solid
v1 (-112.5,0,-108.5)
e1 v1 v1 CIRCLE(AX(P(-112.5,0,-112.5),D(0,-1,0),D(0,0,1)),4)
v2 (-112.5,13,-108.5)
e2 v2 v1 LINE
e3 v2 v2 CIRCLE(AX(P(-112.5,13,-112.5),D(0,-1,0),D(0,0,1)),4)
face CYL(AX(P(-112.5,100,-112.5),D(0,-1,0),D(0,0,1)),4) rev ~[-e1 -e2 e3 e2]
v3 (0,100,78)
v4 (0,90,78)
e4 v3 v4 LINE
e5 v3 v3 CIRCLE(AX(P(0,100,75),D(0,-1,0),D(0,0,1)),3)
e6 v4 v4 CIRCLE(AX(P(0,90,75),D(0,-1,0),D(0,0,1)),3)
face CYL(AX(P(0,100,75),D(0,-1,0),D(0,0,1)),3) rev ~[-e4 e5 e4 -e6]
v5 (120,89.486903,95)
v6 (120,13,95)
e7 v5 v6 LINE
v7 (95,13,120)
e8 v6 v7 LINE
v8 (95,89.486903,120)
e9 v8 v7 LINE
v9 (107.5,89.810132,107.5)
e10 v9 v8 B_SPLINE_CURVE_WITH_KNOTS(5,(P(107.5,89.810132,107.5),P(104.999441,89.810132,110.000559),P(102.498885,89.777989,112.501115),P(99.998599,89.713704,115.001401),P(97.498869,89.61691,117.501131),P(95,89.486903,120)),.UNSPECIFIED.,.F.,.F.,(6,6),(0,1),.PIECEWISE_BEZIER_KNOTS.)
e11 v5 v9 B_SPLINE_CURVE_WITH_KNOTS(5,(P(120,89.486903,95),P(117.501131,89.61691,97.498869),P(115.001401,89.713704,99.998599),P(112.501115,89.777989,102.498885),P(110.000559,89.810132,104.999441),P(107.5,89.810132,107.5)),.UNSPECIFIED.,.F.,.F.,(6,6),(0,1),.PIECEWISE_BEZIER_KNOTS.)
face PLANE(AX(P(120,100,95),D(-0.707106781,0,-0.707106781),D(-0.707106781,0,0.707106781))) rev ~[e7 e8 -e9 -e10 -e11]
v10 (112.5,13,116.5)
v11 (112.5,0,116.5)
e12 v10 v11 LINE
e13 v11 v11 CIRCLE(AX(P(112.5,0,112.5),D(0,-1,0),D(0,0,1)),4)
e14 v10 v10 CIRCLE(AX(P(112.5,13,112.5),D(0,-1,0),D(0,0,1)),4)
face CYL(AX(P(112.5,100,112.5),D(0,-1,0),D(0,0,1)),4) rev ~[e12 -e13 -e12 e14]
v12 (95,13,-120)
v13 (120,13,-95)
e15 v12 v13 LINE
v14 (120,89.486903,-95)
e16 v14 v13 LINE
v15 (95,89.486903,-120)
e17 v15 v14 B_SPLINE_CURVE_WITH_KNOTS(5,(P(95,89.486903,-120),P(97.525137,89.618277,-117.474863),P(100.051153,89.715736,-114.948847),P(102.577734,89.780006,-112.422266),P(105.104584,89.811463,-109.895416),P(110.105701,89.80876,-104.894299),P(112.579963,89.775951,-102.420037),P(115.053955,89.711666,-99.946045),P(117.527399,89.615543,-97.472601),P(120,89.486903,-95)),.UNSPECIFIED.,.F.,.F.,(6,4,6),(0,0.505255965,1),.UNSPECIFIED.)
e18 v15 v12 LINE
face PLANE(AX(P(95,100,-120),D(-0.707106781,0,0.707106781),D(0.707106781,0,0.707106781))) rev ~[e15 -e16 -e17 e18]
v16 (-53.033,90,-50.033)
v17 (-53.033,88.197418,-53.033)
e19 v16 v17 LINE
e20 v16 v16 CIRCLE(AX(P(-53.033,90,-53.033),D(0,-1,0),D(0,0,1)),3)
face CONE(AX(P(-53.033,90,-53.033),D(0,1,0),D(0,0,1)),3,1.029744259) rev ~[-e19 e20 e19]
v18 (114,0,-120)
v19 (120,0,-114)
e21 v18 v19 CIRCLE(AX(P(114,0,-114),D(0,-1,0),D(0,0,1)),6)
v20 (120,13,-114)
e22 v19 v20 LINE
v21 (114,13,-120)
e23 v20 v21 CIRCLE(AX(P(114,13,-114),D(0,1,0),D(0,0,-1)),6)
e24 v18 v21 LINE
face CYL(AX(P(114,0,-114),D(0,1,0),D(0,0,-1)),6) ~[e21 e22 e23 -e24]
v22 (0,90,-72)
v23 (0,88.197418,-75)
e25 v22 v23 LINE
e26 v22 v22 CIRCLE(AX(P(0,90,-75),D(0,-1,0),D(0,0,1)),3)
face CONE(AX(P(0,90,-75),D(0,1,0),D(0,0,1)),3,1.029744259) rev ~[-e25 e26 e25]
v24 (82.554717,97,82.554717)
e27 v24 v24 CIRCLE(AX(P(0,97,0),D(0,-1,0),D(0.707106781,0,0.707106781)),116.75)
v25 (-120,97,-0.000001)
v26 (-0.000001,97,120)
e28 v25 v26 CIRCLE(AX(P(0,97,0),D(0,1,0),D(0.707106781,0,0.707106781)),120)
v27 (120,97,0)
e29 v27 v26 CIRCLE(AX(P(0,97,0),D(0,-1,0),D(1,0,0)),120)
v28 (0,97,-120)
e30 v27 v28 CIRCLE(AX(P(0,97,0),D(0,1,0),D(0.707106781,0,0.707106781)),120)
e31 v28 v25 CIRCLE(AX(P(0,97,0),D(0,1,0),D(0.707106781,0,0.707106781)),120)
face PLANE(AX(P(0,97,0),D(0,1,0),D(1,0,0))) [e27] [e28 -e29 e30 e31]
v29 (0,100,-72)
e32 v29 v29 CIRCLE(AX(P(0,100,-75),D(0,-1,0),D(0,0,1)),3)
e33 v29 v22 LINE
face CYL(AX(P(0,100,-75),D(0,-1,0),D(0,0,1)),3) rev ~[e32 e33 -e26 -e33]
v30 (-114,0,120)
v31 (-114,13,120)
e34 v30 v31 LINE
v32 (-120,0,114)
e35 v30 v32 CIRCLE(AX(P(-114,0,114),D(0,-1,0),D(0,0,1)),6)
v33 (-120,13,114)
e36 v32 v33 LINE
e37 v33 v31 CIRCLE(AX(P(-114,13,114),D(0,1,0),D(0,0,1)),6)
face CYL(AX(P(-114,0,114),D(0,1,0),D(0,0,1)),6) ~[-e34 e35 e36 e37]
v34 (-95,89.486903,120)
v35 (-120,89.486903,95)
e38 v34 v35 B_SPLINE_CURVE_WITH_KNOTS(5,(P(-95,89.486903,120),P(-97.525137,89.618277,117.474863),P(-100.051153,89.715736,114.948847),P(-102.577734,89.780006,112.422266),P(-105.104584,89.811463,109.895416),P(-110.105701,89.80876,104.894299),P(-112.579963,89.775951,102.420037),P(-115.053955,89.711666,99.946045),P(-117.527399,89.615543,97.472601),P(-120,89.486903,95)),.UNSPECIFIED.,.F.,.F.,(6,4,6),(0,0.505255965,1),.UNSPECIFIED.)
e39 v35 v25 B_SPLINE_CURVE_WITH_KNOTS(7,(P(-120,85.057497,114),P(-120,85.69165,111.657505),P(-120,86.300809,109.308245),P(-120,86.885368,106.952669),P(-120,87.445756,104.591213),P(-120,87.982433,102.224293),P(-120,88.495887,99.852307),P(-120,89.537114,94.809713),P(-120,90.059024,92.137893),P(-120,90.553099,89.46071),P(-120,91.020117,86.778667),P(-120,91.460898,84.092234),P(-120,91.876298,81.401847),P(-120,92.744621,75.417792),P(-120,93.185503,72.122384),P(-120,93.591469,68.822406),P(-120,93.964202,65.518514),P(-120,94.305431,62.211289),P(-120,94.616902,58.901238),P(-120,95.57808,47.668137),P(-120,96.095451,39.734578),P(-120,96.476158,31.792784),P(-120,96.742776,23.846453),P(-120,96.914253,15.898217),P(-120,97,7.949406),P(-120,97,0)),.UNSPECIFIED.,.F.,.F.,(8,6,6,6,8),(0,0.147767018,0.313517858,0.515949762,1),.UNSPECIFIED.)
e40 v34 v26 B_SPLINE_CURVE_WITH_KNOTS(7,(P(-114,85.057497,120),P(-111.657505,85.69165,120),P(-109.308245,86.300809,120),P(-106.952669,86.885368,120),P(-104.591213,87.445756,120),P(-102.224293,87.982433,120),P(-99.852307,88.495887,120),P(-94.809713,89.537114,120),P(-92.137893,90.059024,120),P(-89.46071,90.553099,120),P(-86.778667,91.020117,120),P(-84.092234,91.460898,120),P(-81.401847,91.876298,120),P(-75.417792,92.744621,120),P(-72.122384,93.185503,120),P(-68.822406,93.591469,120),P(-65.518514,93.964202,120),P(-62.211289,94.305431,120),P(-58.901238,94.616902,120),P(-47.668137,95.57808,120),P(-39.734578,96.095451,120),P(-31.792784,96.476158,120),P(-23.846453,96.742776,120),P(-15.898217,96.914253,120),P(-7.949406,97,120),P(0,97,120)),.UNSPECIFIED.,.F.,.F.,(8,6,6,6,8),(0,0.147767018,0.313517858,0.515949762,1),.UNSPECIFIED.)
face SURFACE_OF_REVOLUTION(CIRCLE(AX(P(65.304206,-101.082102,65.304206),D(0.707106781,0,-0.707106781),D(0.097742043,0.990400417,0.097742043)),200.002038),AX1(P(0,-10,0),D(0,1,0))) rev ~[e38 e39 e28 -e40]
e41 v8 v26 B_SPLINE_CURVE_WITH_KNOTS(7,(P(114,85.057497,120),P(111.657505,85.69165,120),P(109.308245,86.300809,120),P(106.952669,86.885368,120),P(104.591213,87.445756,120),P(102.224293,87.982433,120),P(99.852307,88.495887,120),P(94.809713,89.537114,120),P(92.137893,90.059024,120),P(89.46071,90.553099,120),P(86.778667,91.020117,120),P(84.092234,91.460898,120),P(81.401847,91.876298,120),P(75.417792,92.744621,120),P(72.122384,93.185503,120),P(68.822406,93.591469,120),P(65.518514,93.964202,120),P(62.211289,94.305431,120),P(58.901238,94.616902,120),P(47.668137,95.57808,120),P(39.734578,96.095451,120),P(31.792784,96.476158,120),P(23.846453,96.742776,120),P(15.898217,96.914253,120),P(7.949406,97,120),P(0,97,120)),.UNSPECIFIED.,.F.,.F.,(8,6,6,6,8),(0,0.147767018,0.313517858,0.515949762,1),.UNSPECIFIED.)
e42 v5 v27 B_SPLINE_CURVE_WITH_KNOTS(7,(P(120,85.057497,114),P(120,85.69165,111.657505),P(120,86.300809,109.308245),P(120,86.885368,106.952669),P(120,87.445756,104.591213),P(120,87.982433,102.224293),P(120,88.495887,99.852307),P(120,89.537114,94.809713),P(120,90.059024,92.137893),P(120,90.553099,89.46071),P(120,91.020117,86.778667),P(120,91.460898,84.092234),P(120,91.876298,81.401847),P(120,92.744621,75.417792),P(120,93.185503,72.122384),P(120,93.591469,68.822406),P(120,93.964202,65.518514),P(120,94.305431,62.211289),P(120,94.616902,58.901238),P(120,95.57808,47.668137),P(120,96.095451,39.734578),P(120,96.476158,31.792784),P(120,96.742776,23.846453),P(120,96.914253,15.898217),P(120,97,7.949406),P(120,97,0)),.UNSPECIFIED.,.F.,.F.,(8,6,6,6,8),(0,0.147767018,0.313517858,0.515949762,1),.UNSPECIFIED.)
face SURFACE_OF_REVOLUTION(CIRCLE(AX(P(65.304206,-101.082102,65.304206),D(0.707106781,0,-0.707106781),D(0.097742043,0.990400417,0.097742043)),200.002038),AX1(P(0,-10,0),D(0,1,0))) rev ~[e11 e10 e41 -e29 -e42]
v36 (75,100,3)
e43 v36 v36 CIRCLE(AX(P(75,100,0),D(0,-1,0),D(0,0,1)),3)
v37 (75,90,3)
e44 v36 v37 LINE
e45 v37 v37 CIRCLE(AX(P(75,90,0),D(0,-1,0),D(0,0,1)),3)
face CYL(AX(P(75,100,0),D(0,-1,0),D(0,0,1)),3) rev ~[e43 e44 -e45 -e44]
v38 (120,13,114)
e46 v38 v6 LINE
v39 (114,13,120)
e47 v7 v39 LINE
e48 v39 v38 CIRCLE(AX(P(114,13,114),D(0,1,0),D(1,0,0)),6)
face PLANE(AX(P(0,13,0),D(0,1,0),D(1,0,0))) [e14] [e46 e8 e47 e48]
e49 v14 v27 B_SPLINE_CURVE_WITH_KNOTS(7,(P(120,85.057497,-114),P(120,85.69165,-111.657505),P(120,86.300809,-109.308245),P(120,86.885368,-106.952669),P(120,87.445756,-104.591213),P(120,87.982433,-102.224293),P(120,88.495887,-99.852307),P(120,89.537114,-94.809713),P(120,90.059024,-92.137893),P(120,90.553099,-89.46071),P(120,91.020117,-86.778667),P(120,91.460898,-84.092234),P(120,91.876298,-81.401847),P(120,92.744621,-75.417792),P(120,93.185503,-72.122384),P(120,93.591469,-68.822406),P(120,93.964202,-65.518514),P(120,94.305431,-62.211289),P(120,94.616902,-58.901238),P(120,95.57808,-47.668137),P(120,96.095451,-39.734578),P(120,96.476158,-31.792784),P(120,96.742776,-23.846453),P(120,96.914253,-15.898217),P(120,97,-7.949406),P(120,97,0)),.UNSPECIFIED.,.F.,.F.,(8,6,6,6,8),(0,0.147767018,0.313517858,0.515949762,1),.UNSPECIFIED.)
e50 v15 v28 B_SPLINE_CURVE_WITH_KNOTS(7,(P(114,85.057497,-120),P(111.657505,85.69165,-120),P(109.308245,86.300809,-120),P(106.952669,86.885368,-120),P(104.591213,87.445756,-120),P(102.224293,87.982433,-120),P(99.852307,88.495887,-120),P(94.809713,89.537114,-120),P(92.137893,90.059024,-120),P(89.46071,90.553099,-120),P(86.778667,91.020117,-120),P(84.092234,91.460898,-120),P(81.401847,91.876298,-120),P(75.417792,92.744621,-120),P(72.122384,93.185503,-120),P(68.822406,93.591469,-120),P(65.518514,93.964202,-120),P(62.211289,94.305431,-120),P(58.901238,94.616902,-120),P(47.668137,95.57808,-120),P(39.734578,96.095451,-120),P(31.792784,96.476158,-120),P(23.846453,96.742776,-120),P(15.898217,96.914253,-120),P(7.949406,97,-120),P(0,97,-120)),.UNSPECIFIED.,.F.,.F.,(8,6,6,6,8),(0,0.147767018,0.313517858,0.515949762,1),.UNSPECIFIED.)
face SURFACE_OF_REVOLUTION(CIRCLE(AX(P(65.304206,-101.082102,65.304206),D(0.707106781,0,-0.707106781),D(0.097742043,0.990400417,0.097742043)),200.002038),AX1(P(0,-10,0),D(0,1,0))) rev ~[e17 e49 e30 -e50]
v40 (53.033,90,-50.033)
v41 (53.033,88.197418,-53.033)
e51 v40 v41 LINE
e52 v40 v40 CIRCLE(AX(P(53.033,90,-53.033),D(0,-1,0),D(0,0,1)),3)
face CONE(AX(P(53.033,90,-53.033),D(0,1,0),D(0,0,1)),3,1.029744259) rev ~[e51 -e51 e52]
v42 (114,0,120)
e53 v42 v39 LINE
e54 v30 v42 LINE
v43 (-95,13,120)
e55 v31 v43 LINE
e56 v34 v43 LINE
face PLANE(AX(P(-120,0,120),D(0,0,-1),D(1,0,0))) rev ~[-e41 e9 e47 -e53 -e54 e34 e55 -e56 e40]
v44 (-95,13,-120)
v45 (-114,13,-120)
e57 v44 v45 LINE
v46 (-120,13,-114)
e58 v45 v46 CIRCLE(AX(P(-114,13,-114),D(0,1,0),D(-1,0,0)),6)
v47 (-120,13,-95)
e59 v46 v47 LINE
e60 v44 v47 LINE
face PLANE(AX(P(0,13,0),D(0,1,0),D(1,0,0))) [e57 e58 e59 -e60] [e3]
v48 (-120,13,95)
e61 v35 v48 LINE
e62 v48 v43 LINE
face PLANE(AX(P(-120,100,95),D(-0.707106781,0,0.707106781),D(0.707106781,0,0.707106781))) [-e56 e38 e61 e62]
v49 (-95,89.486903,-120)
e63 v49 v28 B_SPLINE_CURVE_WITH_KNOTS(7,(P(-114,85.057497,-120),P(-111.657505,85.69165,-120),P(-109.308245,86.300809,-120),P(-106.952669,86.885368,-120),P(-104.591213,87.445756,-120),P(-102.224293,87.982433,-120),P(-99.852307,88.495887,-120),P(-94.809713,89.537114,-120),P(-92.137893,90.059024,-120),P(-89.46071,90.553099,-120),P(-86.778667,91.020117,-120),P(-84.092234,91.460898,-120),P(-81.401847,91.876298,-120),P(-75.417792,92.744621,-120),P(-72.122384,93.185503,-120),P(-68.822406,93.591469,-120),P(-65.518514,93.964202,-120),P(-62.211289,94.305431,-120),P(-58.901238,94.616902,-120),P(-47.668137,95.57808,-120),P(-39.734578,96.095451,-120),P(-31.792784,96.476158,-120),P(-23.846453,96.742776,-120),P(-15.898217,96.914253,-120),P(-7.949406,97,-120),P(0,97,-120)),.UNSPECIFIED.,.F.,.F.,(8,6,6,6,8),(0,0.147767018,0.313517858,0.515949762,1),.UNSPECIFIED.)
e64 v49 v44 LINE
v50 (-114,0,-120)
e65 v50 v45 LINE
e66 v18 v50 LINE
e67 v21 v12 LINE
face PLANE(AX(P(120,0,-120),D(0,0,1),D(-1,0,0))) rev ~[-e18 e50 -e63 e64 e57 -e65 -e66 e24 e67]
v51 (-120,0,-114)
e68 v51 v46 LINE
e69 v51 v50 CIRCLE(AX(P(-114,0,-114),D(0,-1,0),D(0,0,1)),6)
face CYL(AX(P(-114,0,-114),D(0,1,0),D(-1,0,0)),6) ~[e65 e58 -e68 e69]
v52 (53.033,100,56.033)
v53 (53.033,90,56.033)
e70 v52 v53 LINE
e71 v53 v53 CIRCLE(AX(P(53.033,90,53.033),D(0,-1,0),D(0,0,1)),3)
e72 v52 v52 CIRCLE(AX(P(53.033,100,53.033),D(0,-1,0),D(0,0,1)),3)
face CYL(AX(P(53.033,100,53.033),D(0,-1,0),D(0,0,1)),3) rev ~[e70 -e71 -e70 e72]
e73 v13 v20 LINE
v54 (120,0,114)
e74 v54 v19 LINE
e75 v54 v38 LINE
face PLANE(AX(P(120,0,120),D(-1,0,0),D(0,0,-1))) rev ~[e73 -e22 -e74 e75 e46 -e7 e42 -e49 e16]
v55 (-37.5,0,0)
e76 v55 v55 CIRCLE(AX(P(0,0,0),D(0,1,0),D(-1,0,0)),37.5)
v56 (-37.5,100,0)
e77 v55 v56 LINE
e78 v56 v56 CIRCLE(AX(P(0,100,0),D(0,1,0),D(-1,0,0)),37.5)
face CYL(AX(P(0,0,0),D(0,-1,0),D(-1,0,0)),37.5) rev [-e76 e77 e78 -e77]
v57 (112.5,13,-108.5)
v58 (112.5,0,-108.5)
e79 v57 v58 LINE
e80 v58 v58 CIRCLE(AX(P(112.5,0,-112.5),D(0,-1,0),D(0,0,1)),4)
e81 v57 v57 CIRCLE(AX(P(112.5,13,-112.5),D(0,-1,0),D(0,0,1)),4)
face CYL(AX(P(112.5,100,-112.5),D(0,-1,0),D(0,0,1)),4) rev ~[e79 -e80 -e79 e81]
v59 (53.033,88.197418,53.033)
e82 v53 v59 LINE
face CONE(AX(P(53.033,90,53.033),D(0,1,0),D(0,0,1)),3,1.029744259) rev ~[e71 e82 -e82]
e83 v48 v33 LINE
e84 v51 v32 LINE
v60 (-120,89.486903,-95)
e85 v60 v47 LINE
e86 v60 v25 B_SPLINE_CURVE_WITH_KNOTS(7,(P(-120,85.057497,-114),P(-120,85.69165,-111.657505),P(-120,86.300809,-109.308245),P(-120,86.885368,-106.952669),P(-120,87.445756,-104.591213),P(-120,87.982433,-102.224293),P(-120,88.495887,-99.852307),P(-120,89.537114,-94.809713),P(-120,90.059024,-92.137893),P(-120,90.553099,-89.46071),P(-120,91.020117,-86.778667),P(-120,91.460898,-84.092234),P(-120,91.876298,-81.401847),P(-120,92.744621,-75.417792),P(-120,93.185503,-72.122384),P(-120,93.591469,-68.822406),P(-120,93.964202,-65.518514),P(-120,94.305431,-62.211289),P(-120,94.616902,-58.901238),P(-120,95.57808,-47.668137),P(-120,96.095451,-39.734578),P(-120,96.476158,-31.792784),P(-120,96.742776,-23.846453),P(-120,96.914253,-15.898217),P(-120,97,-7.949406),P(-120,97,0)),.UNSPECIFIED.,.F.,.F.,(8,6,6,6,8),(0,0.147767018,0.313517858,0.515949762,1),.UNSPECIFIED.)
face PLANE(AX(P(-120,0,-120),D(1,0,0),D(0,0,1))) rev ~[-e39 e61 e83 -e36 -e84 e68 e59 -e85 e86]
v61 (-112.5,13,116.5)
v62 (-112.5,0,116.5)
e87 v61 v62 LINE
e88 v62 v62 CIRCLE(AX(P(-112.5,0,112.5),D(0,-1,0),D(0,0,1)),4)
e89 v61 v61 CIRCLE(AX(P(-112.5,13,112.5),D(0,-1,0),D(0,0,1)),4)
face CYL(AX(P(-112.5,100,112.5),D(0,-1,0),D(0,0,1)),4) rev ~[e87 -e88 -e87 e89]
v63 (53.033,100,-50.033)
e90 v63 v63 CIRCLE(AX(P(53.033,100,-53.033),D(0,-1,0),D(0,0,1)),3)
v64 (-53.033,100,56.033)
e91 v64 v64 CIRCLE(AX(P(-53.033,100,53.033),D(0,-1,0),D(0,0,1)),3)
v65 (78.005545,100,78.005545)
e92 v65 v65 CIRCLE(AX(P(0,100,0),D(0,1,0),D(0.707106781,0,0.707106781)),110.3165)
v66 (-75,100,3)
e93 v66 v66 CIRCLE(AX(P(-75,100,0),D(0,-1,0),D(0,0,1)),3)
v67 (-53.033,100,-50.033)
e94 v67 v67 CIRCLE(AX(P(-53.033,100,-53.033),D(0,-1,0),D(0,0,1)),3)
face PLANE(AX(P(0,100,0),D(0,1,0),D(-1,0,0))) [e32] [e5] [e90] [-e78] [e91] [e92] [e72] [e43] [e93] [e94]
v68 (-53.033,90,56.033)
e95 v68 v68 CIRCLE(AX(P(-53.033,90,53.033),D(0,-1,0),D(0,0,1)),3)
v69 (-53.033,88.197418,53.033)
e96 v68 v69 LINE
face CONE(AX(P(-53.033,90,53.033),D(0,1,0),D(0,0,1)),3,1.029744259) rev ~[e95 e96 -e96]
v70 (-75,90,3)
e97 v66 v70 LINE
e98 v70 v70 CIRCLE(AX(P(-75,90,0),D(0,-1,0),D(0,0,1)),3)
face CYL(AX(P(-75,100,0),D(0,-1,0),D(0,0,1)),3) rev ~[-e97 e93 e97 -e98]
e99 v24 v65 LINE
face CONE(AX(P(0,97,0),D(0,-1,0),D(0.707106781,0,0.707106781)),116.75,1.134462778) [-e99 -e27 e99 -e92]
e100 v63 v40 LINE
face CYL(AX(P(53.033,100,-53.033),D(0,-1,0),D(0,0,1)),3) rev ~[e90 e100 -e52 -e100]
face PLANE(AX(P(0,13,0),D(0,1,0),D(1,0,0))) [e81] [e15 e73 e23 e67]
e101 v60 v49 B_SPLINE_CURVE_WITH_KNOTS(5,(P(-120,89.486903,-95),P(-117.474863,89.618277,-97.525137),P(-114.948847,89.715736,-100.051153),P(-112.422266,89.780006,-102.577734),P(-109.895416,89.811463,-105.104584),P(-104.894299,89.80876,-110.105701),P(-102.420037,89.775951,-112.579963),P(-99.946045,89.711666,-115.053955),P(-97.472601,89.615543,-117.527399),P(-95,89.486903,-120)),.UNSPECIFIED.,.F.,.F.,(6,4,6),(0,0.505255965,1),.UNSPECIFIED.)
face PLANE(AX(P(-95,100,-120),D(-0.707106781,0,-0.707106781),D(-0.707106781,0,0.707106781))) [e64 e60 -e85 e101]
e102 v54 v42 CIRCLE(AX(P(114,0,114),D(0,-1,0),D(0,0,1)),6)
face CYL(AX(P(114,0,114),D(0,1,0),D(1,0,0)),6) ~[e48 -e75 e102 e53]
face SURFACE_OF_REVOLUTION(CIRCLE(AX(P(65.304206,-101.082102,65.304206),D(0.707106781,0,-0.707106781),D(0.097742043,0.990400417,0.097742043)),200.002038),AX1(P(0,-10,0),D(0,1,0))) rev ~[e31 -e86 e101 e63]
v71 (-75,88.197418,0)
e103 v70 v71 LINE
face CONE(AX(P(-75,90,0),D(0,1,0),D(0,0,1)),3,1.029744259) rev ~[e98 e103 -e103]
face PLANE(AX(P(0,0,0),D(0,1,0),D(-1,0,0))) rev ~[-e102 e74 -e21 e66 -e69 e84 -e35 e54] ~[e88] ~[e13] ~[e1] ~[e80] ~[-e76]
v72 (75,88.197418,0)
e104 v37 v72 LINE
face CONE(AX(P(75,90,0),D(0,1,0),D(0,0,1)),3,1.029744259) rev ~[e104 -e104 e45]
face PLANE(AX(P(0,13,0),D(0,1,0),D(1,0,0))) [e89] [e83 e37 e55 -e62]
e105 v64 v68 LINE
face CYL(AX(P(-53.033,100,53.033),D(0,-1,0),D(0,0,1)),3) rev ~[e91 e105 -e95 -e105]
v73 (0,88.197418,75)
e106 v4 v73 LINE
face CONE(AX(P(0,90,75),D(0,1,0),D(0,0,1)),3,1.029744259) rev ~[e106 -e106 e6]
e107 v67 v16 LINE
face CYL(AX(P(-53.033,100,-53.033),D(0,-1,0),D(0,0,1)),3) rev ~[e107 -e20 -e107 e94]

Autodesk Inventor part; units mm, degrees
ref_plane "YZ Plane" through (0, 0, 0) normal (1, 0, 0) x (0, 1, 0)
ref_plane "XZ Plane" through (0, 0, 0) normal (0, 1, 0) x (-1, 0, 0)
sketch "Sketch1" plane through (0, 0, 0) normal (0, 1, 0) x (-1, 0, 0)
  point P0 (0, 0)
sketch "Sketch2" plane through (0, 0, 0) normal (0, 1, 0) x (-1, 0, 0)
  line L0 (120, 120) -> (-120, 120)
  line L1 (-120, 120) -> (-120, -120)
  line L2 (-120, -120) -> (120, -120)
  line L3 (120, -120) -> (120, 120)
  circle A0 centre (0, 0) radius 37.5
  dimension "d0" = 240
  dimension "d1" = 240
  dimension "d3" = 120
  dimension "d4" = 120
  dimension "d5" = 75
extrude "Extrusion1" add sketch "Sketch2" along normal blind 100
fillet "Fillet1" radius 6 1 edges at (-120, 50, -120)
fillet "Fillet2" radius 6 1 edges at (120, 50, -120)
fillet "Fillet3" radius 6 1 edges at (120, 50, 120)
fillet "Fillet4" radius 6 1 edges at (-120, 50, 120)
sketch "Sketch3" plane through (0, 100, 0) normal (0, 1, 0) x (1, 0, 0)
  line L0 (0, 0) -> (75, 0) construction
  point P0 (-75, 0)
  point P1 (0, 75)
  point P2 (0, 75)
  point P3 (0, -75)
  point P4 (-53.033, 53.033)
  point P5 (-53.033, 53.033)
  point P6 (53.033, 53.033)
  point P7 (53.033, -53.033)
  point P8 (-53.033, -53.033)
  dimension "d14" = 53.033
  dimension "d15" = 53.033
  dimension "d16" = 53.033
  dimension "d17" = 53.033
  dimension "d18" = 53.033
  dimension "d19" = 53.033
hole "Hole1" at (-75, 100, 0) at (75, 100, 0) at (0, 100, -75) at (0, 100, 75) at (-53.033, 100, -53.033) at (53.033, 100, -53.033) at (53.033, 100, 53.033) at (-53.033, 100, 53.033) direction (0, -1, 0) diameter 6 depth 10 tip angle 118
sketch "Sketch4" plane through (0, 100, 0) normal (0, 1, 0) x (1, 0, 0)
  point P0 (0, 0)
  point P1 (-112.5, 112.5)
  point P2 (-112.5, -112.5)
  point P3 (112.5, -112.5)
  point P4 (112.5, 112.5)
  dimension "d34" = 112.5
  dimension "d35" = 112.5
hole "Hole2" at (-112.5, 100, -112.5) at (-112.5, 100, 112.5) at (112.5, 100, 112.5) at (112.5, 100, -112.5) direction (0, -1, 0) diameter 8 end through all
sketch "Sketch5" plane through (0, 100, 0) normal (0, 1, 0) x (1, 0, 0)
  line L0 (95, 120) -> (120, 95)
  line L1 (120, -114) -> (120, 114) projected
  line L2 (95, 120) -> (130.3553, 120) construction
  line L3 (114, 120) -> (-114, 120) projected
  line L4 (-95, 120) -> (-120, 95)
  line L5 (-120, 114) -> (-120, -114) projected
  line L6 (-95, 120) -> (-59.6447, 120) construction
  line L7 (95, 120) -> (120, 120)
  line L8 (120, 120) -> (120, 95)
  line L9 (-95, 120) -> (-120, 120)
  line L10 (-120, 120) -> (-120, 95)
  point P0 (0, 0)
  dimension "d36" = 45
  dimension "d38" = 135
extrude "Extrusion2" cut sketch "Sketch5" against normal blind 87 contours L3 L7 L8 L1 L0
sketch "Sketch6" plane through (0, 100, 0) normal (0, 1, 0) x (1, 0, 0)
  line L0 (114, 120) -> (-114, 120)
  line L1 (-95, 120) -> (-120, 95)
  line L2 (-120, 114) -> (-120, -114)
  line L3 (-95, 120) -> (-59.6447, 120) construction
  line L4 (-95, 120) -> (-120, 120)
  line L5 (-120, 120) -> (-120, 95)
  point P0 (0, 0)
  dimension "d41" = 135
extrude "Extrusion3" cut sketch "Sketch6" against normal blind 87
sketch "Sketch7" plane through (0, 100, 0) normal (0, 1, 0) x (1, 0, 0)
  line L0 (120, -114) -> (120, 95) projected
  line L1 (120, -95) -> (95, -120)
  line L2 (-114, -120) -> (114, -120) projected
  line L3 (120, -95) -> (155.3553, -95) construction
  line L4 (120, -95) -> (120, -120)
  line L5 (120, -120) -> (95, -120)
  point P0 (0, 0)
  dimension "d44" = 135
extrude "Extrusion4" cut sketch "Sketch7" against normal blind 87
sketch "Sketch8" plane through (0, 100, 0) normal (0, 1, 0) x (1, 0, 0)
  line L0 (-120, 95) -> (-120, -114) projected
  line L1 (-120, -95) -> (-95, -120)
  line L2 (-114, -120) -> (95, -120) projected
  line L3 (-120, -95) -> (-84.6447, -95) construction
  line L4 (-95, -120) -> (-120, -120)
  line L5 (-120, -120) -> (-120, -95)
  point P0 (0, 0)
  dimension "d47" = 45
extrude "Extrusion5" cut sketch "Sketch8" against normal blind 87
sketch "Sketch9" plane through (0, 100, 0) normal (0, 1, 0) x (1, 0, 0)
  circle A0 centre (0, 0) radius 116.75
  line L0 (120, 120) -> (-120, 120)
  line L1 (-120, 120) -> (-120, -120)
  line L2 (-120, -120) -> (120, -120)
  line L3 (120, -120) -> (120, 120)
  dimension "d50" = 233.5
  dimension "d53" = 240
  dimension "d54" = 240
extrude "Extrusion6" cut sketch "Sketch9" against normal blind 3
ref_plane "Work Plane1" through (0, 0, 0) normal (0.7071, 0, -0.7071) x (0, 1, 0)
sketch "Sketch10" plane through (0, 0, 0) normal (0.7071, 0, -0.7071) x (0, 1, 0)
  line L0 (97, 116.75) -> (135.5145, 116.75) construction
  line L1 (97, -116.75) -> (97, 116.75) projected
  line L2 (97, 116.75) -> (151.2428, 116.75) construction
  line L3 (-153.1261, 0) -> (197.3136, 0) projected
  arc A0 (97, 120) -> (84.2851, 167.4528) centre (-101.0801, 92.3545) ccw
  line L4 (97, 120) -> (84.2851, 167.4528) construction
  line L5 (97, 120) -> (146.1267, 120) construction
  line L6 (84.2851, 167.4528) -> (97, 167.4528)
  line L7 (97, 167.4528) -> (97, 120)
  line L8 (97, 17.6777) -> (97, 152.028) projected
  line L9 (100, -116.75) -> (100, 116.75) projected
  point P0 (0, 0)
  dimension "d62" = 105
  dimension "d63" = 200
  dimension "d64" = 120
  dimension "d65" = 3
revolve "Revolution1" cut sketch "Sketch10" angle 360 about axis through (0, -10, 0) along (0, 1, 0)
sketch "Sketch11" plane through (0, 0, 0) normal (0.7071, 0, -0.7071) x (0, 1, 0)
  line L0 (97, -116.75) -> (97, 116.75) projected
  line L1 (97, 116.75) -> (100, 110.3165)
  line L2 (100, -116.75) -> (100, 116.75) projected
  line L3 (97, 116.75) -> (104.0986, 116.75) construction
  line L4 (100, 110.3165) -> (100, 116.75)
  line L5 (100, 116.75) -> (97, 116.75)
  line L6 (-21.7182, 0) -> (130.3093, 0) projected
  point P0 (0, 0)
  dimension "d66" = 65
revolve "Revolution2" cut sketch "Sketch11" angle 360 about axis through (0, -10, 0) along (0, 1, 0) contours L5 L2 L1
properties part number "DT240" material "Aluminum 6061"
